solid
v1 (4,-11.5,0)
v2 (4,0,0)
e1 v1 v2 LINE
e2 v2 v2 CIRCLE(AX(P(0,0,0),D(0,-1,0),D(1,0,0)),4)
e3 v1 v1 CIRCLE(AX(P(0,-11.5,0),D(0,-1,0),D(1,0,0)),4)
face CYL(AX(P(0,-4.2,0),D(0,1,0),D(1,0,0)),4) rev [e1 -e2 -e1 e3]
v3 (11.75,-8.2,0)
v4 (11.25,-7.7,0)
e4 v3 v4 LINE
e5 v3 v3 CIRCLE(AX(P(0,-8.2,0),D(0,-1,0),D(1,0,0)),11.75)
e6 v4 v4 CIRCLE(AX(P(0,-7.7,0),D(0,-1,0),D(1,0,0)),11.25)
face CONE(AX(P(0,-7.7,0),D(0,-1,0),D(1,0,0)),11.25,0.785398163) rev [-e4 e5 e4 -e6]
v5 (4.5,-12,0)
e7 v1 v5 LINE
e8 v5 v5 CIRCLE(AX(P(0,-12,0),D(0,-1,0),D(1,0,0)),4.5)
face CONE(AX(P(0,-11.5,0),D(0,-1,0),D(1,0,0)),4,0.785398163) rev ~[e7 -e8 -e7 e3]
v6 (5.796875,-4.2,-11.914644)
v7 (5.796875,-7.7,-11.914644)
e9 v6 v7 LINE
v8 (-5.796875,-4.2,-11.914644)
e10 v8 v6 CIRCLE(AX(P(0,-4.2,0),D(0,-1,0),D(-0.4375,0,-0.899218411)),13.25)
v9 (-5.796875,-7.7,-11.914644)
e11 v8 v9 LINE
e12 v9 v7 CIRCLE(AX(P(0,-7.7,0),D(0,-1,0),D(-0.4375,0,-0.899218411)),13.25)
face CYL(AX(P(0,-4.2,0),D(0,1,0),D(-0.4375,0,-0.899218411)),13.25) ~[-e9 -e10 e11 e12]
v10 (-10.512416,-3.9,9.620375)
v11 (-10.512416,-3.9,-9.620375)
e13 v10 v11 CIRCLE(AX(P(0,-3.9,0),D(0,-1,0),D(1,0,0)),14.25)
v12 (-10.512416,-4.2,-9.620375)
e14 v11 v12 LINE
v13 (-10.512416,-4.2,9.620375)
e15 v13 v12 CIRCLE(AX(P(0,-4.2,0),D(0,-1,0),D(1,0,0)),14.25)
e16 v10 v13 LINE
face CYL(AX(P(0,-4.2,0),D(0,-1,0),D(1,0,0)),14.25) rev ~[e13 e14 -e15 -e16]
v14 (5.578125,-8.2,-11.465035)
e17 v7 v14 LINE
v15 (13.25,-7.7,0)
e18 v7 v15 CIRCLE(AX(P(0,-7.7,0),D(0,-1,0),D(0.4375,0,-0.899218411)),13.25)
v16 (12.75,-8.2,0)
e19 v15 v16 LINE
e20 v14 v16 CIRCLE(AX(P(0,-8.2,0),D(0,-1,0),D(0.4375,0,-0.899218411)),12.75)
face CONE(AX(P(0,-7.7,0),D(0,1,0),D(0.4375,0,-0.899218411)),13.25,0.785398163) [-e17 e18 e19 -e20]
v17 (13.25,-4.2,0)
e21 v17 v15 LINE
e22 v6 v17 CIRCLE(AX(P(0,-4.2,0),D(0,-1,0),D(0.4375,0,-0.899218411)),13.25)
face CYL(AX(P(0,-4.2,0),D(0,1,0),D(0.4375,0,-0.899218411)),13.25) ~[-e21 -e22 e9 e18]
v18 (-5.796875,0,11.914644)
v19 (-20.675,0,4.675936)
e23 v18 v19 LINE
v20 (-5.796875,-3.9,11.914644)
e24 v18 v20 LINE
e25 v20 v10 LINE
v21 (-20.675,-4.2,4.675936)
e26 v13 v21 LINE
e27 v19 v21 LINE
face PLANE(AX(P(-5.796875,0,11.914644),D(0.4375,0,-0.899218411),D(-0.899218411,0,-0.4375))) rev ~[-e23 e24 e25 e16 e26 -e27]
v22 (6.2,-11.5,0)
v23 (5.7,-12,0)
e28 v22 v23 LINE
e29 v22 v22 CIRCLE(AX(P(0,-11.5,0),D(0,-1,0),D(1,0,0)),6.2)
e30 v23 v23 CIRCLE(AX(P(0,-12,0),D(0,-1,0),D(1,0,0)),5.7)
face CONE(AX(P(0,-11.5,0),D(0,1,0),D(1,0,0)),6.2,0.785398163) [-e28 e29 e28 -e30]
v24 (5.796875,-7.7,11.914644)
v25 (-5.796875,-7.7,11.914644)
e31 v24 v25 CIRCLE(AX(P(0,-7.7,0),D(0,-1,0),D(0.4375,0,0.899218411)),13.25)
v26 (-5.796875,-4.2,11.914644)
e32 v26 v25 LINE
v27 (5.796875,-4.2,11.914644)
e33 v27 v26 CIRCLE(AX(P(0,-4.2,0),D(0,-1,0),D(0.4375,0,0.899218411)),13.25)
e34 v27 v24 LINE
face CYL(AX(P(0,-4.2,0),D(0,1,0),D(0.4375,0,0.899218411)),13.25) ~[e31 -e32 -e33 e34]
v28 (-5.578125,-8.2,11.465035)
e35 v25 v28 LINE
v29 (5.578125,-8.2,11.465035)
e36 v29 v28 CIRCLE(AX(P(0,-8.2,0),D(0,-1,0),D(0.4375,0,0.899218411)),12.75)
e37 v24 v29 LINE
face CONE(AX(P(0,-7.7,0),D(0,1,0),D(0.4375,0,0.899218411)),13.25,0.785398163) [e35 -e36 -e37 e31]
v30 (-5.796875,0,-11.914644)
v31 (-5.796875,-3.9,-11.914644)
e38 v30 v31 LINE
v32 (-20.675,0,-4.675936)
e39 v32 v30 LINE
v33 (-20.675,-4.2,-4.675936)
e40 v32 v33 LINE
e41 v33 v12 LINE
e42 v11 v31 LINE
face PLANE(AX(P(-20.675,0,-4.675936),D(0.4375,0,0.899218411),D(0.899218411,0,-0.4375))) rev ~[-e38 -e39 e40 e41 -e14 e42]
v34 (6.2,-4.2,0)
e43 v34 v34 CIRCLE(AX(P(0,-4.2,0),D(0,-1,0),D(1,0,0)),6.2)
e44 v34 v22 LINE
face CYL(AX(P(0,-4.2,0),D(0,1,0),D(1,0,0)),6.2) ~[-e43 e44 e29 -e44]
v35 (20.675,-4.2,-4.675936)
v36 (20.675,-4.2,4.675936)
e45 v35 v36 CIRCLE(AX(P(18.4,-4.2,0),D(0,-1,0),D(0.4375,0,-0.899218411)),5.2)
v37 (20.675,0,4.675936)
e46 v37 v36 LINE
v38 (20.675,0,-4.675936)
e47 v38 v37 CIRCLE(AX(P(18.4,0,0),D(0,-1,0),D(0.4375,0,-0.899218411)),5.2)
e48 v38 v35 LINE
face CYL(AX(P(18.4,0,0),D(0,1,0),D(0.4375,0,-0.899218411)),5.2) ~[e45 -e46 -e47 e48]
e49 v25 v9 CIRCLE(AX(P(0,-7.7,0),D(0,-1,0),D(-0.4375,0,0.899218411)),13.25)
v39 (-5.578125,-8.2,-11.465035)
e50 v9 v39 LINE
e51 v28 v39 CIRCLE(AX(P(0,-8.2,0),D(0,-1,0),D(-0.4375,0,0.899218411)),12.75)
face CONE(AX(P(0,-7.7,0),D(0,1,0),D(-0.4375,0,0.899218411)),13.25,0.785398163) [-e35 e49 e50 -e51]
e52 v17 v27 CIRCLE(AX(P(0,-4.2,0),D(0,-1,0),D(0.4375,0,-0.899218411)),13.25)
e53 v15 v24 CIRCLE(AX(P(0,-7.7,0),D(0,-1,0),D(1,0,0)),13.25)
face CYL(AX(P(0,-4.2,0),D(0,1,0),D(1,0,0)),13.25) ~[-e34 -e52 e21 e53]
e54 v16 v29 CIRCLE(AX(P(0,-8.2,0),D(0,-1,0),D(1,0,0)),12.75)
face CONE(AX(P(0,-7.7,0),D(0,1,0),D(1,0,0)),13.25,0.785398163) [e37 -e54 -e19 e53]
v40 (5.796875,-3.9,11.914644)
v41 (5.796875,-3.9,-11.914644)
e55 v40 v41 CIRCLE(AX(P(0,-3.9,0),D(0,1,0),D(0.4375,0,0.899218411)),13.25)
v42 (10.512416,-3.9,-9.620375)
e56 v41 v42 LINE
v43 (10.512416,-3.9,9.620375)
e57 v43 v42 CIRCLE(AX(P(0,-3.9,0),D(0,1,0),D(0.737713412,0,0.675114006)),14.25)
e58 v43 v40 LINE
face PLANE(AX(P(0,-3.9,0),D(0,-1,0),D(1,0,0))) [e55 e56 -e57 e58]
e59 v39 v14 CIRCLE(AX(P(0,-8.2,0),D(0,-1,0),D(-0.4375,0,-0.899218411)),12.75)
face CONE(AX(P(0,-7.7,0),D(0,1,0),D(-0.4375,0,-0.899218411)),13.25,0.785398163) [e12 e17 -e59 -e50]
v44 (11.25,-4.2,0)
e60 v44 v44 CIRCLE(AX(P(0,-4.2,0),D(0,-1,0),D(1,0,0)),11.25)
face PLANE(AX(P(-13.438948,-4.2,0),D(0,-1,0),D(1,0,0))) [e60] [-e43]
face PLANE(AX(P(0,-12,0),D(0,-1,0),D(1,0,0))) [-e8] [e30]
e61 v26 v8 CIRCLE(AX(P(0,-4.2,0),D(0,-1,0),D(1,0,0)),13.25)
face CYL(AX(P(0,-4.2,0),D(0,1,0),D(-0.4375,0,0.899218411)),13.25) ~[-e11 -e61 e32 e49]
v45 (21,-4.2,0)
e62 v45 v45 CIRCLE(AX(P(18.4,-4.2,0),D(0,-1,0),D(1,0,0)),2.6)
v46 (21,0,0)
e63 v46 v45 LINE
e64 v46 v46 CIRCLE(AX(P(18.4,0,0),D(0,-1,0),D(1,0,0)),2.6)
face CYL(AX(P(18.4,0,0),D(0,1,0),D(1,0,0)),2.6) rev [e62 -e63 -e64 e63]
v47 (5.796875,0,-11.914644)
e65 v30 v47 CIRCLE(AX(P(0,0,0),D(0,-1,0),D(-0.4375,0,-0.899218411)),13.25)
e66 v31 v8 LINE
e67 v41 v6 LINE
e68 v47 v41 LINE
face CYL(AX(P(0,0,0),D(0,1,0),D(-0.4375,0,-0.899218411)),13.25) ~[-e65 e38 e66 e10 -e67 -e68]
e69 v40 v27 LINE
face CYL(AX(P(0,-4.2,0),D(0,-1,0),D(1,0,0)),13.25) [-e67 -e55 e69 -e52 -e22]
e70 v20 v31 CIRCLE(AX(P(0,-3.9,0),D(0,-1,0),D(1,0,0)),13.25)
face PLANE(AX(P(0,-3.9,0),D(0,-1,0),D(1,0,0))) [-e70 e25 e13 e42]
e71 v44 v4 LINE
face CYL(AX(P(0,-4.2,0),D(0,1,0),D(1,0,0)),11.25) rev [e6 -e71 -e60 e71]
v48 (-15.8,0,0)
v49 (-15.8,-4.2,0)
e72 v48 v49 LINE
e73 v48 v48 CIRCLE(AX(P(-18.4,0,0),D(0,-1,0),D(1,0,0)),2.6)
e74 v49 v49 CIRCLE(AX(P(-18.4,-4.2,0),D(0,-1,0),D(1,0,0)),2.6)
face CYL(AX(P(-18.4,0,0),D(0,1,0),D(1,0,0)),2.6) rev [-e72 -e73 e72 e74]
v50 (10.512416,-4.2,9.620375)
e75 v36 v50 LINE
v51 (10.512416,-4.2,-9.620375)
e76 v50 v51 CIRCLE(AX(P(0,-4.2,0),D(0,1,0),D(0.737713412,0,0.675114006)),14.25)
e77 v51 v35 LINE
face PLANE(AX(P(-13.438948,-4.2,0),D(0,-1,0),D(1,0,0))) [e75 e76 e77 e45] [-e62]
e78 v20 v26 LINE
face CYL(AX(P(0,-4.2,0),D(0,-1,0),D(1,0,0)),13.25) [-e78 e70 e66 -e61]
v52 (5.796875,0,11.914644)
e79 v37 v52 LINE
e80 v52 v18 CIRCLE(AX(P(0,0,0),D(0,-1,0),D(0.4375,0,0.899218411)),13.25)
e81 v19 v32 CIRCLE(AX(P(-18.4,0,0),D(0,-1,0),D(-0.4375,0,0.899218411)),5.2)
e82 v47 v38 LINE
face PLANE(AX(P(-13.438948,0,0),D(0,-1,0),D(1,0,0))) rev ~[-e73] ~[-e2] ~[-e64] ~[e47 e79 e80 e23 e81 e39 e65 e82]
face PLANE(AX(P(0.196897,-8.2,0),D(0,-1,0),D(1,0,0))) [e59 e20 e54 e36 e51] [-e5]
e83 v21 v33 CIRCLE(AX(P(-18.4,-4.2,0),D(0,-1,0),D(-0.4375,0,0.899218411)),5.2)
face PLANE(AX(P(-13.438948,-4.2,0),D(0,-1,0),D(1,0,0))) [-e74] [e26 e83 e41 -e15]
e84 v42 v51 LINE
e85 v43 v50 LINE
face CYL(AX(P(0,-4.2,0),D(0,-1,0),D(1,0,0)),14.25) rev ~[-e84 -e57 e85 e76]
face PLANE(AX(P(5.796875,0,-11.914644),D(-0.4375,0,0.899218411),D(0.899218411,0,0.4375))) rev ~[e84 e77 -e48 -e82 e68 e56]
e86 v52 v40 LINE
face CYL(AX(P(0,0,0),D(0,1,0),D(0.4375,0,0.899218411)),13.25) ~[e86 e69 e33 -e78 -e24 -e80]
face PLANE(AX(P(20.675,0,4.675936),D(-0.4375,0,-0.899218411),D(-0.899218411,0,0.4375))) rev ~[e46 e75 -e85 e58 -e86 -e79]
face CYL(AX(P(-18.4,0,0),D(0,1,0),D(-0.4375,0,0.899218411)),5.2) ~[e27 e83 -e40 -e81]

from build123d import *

# Parameters (mm, degrees)
F0_R     = 2.6
F0_R_2   = 4
F1_DEPTH = 4.2
F2_R     = 14.25
F2_R_2   = 13.25
F3_DEPTH = 0.3
F4_R     = 6.2
F4_R_2   = 4
F5_DEPTH = 7.8
F4_R_3   = 11.25
F6_DEPTH = 4
F7_SIZE  = 0.5


with BuildPart() as f1:
    # F0 (on Front) → F1 (new body)
    with BuildSketch(Plane.XZ):
        with BuildLine():
            ThreePointArc((-5.796875, -11.9146439407), (-13.25, 0), (-5.796875, 11.9146439407))
            Line((-5.796875, 11.9146439407), (-20.675, 4.6759357352))
            ThreePointArc((-20.675, 4.6759357352), (-23.6, 0), (-20.675, -4.6759357352))
            Line((-20.675, -4.6759357352), (-5.796875, -11.9146439407))
        make_face()
        with Locations((-18.4, 0)):
            Circle(F0_R, mode=Mode.SUBTRACT)
        with BuildLine():
            ThreePointArc((5.796875, -11.9146439407), (11.2332340346, -7.026873638), (13.25, 0))
            ThreePointArc((13.25, 0), (11.2332340346, 7.026873638), (5.796875, 11.9146439407))
            ThreePointArc((5.796875, 11.9146439407), (0, 13.25), (-5.796875, 11.9146439407))
            ThreePointArc((-5.796875, 11.9146439407), (-13.25, 0), (-5.796875, -11.9146439407))
            ThreePointArc((-5.796875, -11.9146439407), (0, -13.25), (5.796875, -11.9146439407))
        make_face()
        Circle(F0_R_2, mode=Mode.SUBTRACT)
        with BuildLine():
            ThreePointArc((5.796875, 11.9146439407), (11.2332340346, 7.026873638), (13.25, 0))
            ThreePointArc((13.25, 0), (11.2332340346, -7.026873638), (5.796875, -11.9146439407))
            Line((5.796875, -11.9146439407), (20.675, -4.6759357352))
            ThreePointArc((20.675, -4.6759357352), (23.6, 0), (20.675, 4.6759357352))
            Line((20.675, 4.6759357352), (5.796875, 11.9146439407))
        make_face()
        with Locations((18.4, 0)):
            Circle(F0_R, mode=Mode.SUBTRACT)
    extrude(amount=F1_DEPTH)

    # F2 (on face) → F3 (cut)
    with BuildSketch(Plane.XZ.offset(4.2)):
        Circle(F2_R)
        Circle(F2_R_2, mode=Mode.SUBTRACT)
    extrude(amount=-F3_DEPTH, mode=Mode.SUBTRACT)

    # F4 (on face) → F5 (join)
    with BuildSketch(Plane.XZ.offset(4.2)):
        Circle(F4_R)
        Circle(F4_R_2, mode=Mode.SUBTRACT)
    extrude(amount=F5_DEPTH)

    # F4 (on face) → F6 (join)
    with BuildSketch(Plane.XZ.offset(4.2)):
        with BuildLine():
            ThreePointArc((5.796875, -11.9146439407), (11.2332340346, -7.026873638), (13.25, 0))
            ThreePointArc((13.25, 0), (11.2332340346, 7.026873638), (5.796875, 11.9146439407))
            ThreePointArc((5.796875, 11.9146439407), (0, 13.25), (-5.796875, 11.9146439407))
            ThreePointArc((-5.796875, 11.9146439407), (-13.25, 0), (-5.796875, -11.9146439407))
            ThreePointArc((-5.796875, -11.9146439407), (0, -13.25), (5.796875, -11.9146439407))
        make_face()
        Circle(F4_R_3, mode=Mode.SUBTRACT)
    extrude(amount=F6_DEPTH)

    # F7
    f7_edges = [f1.edges().sort_by_distance(p)[0] for p in [
        (-4, -12, 0),
        (-6.2, -12, 0),
        (-11.25, -8.2, 0),
        (5.796875, -8.2, -11.914644),
    ]]
    chamfer(f7_edges, length=F7_SIZE)


solid = f1.part
